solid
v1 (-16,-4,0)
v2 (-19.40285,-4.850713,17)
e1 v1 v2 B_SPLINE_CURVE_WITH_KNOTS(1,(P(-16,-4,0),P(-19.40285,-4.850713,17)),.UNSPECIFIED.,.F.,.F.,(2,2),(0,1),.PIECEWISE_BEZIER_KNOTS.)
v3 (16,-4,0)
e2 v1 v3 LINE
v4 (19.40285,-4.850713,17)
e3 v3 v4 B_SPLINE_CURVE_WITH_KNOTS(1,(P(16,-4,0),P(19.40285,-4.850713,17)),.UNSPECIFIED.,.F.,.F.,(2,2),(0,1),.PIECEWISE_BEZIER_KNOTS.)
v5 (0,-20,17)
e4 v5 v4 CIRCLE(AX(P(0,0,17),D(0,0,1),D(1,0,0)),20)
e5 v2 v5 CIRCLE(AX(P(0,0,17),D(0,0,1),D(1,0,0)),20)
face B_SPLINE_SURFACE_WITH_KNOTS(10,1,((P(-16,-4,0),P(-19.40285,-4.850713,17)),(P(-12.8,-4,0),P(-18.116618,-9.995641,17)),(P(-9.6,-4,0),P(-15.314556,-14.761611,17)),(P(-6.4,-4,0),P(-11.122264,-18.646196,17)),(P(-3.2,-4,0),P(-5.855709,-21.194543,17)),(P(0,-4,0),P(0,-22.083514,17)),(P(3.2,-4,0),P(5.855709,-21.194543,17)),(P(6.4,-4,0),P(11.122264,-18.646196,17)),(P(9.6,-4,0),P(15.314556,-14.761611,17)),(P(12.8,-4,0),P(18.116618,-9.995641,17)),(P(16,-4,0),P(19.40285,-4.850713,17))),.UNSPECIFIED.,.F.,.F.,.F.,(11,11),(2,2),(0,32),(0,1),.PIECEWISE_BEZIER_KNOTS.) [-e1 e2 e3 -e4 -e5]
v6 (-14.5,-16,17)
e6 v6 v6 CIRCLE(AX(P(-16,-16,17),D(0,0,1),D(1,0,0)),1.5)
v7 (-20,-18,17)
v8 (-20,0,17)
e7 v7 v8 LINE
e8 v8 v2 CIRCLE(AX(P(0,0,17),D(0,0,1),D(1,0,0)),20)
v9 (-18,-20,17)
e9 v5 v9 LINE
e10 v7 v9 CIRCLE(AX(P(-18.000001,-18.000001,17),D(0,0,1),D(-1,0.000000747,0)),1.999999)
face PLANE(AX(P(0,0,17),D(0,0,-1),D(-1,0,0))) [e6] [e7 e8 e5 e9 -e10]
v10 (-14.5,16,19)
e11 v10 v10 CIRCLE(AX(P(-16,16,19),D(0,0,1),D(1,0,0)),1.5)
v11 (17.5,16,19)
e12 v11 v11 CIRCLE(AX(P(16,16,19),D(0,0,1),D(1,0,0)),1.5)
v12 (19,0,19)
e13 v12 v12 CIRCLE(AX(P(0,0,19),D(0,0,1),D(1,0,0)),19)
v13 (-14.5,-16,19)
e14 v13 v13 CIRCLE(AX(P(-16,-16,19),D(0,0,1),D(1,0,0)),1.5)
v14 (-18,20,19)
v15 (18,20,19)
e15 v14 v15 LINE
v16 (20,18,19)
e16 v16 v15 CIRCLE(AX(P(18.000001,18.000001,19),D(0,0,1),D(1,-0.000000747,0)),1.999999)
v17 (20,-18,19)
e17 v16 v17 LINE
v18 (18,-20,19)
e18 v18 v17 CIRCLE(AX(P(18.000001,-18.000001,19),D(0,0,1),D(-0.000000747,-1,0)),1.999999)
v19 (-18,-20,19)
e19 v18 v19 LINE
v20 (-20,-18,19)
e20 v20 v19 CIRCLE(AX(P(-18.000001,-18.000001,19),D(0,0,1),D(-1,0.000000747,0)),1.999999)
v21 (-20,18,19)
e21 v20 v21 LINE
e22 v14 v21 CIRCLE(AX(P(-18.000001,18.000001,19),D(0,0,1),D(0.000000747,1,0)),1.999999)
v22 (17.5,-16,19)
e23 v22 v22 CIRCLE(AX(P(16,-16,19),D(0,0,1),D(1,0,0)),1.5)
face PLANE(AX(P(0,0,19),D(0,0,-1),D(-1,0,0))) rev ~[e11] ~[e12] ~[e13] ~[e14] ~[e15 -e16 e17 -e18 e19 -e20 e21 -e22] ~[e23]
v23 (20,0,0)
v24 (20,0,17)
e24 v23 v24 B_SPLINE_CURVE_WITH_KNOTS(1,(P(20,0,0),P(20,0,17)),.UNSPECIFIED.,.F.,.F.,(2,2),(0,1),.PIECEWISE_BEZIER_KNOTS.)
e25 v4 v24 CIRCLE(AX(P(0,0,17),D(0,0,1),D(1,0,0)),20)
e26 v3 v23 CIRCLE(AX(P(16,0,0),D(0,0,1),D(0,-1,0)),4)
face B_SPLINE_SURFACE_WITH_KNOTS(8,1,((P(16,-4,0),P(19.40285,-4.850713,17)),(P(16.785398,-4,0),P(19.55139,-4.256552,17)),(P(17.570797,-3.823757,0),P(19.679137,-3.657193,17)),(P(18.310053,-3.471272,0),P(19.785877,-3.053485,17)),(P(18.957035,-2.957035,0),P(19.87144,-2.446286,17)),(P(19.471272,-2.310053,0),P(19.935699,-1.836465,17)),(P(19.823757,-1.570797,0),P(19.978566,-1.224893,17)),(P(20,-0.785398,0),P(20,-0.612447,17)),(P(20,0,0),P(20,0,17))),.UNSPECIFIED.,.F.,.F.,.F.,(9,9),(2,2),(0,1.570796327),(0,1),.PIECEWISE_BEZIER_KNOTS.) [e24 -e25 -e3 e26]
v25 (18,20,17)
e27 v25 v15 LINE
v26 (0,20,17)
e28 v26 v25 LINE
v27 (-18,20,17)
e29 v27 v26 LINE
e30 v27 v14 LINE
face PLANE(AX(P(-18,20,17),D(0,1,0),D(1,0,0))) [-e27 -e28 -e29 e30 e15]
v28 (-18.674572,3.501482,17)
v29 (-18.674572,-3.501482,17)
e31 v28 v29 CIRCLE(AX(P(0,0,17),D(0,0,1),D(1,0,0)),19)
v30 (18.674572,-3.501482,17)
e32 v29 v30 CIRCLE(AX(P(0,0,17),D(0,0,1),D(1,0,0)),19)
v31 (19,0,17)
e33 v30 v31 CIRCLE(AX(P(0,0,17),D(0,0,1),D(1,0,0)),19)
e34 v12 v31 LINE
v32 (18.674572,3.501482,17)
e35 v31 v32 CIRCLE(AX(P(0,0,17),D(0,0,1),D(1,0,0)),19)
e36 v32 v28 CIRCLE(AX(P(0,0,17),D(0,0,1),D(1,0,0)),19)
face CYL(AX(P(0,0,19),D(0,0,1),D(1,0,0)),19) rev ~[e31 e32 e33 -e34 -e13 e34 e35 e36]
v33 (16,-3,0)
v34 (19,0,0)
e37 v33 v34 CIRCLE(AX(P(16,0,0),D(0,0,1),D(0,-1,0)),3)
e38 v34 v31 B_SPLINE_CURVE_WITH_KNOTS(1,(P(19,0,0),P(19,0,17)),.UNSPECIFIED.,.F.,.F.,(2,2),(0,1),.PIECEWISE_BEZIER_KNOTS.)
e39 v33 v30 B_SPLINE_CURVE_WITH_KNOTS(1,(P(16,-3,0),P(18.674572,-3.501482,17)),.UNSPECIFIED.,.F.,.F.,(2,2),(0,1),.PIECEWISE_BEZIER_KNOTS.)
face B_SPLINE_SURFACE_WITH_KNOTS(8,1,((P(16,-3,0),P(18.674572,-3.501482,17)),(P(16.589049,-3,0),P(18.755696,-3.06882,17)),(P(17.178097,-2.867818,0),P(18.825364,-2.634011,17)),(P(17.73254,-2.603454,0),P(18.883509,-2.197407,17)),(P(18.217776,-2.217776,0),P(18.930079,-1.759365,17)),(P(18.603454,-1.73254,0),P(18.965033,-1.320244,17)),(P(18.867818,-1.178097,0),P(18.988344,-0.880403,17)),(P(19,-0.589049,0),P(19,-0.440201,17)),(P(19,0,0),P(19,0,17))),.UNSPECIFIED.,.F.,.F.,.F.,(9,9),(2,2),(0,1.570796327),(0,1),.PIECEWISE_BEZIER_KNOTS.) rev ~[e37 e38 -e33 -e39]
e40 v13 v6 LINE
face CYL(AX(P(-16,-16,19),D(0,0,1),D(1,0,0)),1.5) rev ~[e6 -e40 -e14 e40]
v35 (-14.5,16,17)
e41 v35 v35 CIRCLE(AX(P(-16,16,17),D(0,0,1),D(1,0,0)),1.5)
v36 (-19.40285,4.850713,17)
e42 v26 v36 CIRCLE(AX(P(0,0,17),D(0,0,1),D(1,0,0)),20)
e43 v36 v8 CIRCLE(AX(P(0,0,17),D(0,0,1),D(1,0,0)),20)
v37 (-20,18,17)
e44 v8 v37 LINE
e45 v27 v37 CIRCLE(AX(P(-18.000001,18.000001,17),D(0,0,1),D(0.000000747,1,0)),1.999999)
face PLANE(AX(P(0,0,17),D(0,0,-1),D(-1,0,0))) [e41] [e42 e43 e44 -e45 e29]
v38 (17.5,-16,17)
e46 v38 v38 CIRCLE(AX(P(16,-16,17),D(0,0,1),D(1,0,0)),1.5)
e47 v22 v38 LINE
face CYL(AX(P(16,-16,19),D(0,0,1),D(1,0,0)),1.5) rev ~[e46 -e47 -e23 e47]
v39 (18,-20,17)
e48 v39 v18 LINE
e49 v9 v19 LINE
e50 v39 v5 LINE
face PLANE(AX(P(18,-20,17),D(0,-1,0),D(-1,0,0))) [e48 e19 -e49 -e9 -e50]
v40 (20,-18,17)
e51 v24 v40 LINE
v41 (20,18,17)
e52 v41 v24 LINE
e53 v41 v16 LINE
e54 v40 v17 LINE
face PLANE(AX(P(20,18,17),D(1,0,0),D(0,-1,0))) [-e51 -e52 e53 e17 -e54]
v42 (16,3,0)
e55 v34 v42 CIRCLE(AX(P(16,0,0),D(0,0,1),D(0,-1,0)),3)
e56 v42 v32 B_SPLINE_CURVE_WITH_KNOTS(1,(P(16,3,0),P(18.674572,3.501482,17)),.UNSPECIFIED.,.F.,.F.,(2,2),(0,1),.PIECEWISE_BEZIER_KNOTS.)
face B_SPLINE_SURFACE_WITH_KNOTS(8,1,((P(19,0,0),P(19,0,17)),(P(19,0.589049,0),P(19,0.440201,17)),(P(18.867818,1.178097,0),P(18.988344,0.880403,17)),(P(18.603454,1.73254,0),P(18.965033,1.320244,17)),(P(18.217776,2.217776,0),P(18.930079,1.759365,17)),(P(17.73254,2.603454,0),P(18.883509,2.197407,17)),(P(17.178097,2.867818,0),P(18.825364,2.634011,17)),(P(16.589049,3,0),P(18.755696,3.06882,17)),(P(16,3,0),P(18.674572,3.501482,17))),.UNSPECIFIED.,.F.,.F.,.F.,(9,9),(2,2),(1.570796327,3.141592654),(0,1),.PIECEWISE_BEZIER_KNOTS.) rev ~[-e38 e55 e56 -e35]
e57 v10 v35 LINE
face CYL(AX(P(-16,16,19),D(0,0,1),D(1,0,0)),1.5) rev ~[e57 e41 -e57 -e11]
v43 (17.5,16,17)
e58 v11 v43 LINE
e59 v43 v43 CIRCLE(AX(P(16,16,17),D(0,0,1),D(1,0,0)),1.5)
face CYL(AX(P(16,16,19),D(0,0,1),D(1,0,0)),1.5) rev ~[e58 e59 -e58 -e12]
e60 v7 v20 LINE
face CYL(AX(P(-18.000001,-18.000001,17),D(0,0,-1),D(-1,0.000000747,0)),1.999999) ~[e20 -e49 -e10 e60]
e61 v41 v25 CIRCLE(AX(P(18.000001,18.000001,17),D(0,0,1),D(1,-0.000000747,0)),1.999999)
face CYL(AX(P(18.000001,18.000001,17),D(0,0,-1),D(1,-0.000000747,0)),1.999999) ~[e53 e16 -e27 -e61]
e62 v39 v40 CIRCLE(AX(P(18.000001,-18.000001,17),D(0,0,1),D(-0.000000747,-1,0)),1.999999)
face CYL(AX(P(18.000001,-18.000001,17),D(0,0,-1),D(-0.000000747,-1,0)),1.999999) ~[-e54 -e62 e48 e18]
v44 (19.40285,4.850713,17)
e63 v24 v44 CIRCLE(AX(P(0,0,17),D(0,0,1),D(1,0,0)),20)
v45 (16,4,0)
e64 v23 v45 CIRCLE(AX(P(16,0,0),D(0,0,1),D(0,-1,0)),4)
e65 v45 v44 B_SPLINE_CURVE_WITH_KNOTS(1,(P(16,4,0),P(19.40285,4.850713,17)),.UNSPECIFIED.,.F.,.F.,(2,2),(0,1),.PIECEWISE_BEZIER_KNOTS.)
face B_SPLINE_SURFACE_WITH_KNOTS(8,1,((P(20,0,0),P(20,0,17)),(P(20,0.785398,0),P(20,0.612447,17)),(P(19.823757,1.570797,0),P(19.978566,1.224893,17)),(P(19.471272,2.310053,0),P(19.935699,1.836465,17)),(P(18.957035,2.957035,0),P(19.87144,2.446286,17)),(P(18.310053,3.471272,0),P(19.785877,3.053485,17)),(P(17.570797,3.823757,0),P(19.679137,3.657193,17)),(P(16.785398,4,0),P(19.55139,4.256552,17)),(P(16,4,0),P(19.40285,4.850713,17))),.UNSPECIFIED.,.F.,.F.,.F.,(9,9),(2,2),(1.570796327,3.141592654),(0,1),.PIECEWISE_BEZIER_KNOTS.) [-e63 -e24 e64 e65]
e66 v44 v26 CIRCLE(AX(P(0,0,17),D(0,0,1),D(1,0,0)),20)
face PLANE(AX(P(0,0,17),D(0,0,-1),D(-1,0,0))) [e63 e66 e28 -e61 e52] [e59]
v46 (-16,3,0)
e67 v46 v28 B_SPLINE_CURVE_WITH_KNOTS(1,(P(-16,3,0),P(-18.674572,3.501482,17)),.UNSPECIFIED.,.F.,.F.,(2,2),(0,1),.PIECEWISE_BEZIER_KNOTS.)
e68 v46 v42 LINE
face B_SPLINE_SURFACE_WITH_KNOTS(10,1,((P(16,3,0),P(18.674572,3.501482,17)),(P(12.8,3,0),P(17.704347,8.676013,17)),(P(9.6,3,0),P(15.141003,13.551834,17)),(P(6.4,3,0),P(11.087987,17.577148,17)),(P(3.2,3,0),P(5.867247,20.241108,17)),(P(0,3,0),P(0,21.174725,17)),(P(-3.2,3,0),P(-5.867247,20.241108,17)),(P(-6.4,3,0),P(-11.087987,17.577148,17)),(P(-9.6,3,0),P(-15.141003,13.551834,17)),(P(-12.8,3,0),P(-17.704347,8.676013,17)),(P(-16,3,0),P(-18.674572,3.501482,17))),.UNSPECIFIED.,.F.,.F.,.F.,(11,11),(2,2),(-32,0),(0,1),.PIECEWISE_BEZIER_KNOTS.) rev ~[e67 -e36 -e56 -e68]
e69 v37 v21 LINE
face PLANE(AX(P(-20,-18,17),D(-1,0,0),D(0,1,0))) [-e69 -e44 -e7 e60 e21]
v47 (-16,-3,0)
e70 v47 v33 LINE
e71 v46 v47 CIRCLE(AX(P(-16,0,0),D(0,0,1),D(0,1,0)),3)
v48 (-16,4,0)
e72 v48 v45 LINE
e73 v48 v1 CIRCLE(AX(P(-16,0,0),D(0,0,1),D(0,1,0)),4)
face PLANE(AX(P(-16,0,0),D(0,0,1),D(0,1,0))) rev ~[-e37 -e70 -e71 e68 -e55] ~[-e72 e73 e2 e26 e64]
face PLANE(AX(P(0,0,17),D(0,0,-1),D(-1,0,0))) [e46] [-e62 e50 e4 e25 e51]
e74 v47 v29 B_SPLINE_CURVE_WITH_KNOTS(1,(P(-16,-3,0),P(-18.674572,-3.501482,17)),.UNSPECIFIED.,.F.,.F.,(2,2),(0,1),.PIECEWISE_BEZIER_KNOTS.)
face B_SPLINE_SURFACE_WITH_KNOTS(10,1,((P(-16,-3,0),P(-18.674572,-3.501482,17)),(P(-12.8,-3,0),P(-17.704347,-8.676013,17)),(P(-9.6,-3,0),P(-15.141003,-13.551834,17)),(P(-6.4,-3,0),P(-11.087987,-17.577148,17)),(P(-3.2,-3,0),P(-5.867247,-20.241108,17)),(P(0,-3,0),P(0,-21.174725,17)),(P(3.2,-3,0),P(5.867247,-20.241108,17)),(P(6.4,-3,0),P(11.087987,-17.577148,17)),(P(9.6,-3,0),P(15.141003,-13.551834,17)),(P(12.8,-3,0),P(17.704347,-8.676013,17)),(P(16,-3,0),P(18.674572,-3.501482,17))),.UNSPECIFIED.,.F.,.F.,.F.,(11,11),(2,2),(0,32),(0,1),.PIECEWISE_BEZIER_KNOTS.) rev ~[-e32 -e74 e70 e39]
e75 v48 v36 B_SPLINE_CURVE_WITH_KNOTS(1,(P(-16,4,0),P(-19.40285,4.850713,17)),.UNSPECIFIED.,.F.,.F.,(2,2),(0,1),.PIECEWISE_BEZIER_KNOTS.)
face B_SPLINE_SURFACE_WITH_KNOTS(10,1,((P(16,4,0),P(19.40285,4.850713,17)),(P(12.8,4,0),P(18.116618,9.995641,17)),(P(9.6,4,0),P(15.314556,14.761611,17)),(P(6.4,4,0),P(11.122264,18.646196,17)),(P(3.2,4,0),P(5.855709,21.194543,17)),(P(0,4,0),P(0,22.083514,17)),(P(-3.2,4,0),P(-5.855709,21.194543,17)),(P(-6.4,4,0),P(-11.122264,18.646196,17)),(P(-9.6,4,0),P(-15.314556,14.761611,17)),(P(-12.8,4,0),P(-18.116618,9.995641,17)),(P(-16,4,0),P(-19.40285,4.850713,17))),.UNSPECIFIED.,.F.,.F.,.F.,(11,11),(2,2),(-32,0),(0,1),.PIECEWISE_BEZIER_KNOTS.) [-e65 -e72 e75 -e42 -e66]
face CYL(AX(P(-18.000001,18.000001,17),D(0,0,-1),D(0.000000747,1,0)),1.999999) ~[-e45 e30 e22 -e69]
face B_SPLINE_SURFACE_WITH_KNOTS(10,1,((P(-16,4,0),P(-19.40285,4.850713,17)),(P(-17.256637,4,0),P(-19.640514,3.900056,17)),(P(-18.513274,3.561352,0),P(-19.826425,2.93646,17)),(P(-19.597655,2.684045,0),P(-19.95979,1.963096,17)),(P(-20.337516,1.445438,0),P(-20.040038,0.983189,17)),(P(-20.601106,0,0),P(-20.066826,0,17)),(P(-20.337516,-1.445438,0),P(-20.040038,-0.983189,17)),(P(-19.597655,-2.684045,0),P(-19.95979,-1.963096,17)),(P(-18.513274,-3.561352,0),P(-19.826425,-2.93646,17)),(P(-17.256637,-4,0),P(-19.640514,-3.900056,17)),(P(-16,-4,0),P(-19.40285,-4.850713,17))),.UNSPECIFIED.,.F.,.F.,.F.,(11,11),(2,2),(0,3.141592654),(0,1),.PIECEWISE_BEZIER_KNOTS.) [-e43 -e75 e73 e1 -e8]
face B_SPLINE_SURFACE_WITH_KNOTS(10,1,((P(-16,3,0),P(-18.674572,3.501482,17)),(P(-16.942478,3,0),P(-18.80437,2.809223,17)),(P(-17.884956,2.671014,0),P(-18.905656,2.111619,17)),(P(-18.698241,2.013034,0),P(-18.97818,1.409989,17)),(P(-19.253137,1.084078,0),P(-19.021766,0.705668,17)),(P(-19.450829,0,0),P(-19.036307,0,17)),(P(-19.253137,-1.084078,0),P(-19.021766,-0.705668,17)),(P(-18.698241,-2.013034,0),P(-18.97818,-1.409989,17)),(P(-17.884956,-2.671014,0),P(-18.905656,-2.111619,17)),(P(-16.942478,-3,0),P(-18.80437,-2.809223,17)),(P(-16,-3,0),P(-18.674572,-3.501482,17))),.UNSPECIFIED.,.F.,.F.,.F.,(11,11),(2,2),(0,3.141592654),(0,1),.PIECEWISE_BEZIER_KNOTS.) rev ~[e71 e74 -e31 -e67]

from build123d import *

# Parameters (mm, degrees)
SKETCH002_R     = 19
SKETCH003_R     = 20
PAD_DEPTH       = 2
SKETCH005_R     = 19
POCKET_DEPTH    = 2
SKETCH006_R     = 1.5
POCKET001_DEPTH = 5


with BuildPart() as loft_body:
    # Sketch → Loft section 0
    with BuildSketch(Plane.XY):
        with BuildLine():
            ThreePointArc((-16, 3), (-19, 0), (-16, -3))
            Line((-16, -3), (16, -3))
            ThreePointArc((16, -3), (19, 0), (16, 3))
            Line((-16, 3), (16, 3))
        make_face()
    # Sketch002 → Loft section 1
    with BuildSketch(Plane.XY.offset(17)):
        Circle(SKETCH002_R)
    loft()


with BuildPart() as pocket001:
    # Sketch001 → Loft001 section 0
    with BuildSketch(Plane.XY):
        with BuildLine():
            ThreePointArc((-16, 4), (-20, 0), (-16, -4))
            Line((-16, -4), (16, -4))
            ThreePointArc((16, -4), (20, 0), (16, 4))
            Line((-16, 4), (16, 4))
        make_face()
    # Sketch003 → Loft001 section 1
    with BuildSketch(Plane.XY.offset(17)):
        Circle(SKETCH003_R)
    loft()

    # Cut: cut Loft body
    add(loft_body.part, mode=Mode.SUBTRACT)

    # Sketch004 → Pad (new body)
    with BuildSketch(Plane.XY.offset(17)):
        with BuildLine():
            Line((-18, 20), (18, 20))
            ThreePointArc((20, 18), (19.414214, 19.414214), (18, 20))
            Line((20, 18), (20, -18))
            ThreePointArc((18, -20), (19.414214, -19.414214), (20, -18))
            Line((18, -20), (-18, -20))
            ThreePointArc((-20, -18), (-19.414214, -19.414214), (-18, -20))
            Line((-20, -18), (-20, 18))
            ThreePointArc((-18, 20), (-19.414214, 19.414214), (-20, 18))
        make_face()
    extrude(amount=PAD_DEPTH)

    # Sketch005 → Pocket (cut)
    with BuildSketch(Plane.XY.offset(19)):
        Circle(SKETCH005_R)
    extrude(amount=-POCKET_DEPTH, mode=Mode.SUBTRACT)

    # Sketch006 → Pocket001 (cut)
    with BuildSketch(Plane.XY.offset(19)):
        with Locations((-16, 16)):
            Circle(SKETCH006_R)
        with Locations((16, 16)):
            Circle(SKETCH006_R)
        with Locations((-16, -16)):
            Circle(SKETCH006_R)
        with Locations((16, -16)):
            Circle(SKETCH006_R)
    extrude(amount=-POCKET001_DEPTH, mode=Mode.SUBTRACT)


solid = pocket001.part
